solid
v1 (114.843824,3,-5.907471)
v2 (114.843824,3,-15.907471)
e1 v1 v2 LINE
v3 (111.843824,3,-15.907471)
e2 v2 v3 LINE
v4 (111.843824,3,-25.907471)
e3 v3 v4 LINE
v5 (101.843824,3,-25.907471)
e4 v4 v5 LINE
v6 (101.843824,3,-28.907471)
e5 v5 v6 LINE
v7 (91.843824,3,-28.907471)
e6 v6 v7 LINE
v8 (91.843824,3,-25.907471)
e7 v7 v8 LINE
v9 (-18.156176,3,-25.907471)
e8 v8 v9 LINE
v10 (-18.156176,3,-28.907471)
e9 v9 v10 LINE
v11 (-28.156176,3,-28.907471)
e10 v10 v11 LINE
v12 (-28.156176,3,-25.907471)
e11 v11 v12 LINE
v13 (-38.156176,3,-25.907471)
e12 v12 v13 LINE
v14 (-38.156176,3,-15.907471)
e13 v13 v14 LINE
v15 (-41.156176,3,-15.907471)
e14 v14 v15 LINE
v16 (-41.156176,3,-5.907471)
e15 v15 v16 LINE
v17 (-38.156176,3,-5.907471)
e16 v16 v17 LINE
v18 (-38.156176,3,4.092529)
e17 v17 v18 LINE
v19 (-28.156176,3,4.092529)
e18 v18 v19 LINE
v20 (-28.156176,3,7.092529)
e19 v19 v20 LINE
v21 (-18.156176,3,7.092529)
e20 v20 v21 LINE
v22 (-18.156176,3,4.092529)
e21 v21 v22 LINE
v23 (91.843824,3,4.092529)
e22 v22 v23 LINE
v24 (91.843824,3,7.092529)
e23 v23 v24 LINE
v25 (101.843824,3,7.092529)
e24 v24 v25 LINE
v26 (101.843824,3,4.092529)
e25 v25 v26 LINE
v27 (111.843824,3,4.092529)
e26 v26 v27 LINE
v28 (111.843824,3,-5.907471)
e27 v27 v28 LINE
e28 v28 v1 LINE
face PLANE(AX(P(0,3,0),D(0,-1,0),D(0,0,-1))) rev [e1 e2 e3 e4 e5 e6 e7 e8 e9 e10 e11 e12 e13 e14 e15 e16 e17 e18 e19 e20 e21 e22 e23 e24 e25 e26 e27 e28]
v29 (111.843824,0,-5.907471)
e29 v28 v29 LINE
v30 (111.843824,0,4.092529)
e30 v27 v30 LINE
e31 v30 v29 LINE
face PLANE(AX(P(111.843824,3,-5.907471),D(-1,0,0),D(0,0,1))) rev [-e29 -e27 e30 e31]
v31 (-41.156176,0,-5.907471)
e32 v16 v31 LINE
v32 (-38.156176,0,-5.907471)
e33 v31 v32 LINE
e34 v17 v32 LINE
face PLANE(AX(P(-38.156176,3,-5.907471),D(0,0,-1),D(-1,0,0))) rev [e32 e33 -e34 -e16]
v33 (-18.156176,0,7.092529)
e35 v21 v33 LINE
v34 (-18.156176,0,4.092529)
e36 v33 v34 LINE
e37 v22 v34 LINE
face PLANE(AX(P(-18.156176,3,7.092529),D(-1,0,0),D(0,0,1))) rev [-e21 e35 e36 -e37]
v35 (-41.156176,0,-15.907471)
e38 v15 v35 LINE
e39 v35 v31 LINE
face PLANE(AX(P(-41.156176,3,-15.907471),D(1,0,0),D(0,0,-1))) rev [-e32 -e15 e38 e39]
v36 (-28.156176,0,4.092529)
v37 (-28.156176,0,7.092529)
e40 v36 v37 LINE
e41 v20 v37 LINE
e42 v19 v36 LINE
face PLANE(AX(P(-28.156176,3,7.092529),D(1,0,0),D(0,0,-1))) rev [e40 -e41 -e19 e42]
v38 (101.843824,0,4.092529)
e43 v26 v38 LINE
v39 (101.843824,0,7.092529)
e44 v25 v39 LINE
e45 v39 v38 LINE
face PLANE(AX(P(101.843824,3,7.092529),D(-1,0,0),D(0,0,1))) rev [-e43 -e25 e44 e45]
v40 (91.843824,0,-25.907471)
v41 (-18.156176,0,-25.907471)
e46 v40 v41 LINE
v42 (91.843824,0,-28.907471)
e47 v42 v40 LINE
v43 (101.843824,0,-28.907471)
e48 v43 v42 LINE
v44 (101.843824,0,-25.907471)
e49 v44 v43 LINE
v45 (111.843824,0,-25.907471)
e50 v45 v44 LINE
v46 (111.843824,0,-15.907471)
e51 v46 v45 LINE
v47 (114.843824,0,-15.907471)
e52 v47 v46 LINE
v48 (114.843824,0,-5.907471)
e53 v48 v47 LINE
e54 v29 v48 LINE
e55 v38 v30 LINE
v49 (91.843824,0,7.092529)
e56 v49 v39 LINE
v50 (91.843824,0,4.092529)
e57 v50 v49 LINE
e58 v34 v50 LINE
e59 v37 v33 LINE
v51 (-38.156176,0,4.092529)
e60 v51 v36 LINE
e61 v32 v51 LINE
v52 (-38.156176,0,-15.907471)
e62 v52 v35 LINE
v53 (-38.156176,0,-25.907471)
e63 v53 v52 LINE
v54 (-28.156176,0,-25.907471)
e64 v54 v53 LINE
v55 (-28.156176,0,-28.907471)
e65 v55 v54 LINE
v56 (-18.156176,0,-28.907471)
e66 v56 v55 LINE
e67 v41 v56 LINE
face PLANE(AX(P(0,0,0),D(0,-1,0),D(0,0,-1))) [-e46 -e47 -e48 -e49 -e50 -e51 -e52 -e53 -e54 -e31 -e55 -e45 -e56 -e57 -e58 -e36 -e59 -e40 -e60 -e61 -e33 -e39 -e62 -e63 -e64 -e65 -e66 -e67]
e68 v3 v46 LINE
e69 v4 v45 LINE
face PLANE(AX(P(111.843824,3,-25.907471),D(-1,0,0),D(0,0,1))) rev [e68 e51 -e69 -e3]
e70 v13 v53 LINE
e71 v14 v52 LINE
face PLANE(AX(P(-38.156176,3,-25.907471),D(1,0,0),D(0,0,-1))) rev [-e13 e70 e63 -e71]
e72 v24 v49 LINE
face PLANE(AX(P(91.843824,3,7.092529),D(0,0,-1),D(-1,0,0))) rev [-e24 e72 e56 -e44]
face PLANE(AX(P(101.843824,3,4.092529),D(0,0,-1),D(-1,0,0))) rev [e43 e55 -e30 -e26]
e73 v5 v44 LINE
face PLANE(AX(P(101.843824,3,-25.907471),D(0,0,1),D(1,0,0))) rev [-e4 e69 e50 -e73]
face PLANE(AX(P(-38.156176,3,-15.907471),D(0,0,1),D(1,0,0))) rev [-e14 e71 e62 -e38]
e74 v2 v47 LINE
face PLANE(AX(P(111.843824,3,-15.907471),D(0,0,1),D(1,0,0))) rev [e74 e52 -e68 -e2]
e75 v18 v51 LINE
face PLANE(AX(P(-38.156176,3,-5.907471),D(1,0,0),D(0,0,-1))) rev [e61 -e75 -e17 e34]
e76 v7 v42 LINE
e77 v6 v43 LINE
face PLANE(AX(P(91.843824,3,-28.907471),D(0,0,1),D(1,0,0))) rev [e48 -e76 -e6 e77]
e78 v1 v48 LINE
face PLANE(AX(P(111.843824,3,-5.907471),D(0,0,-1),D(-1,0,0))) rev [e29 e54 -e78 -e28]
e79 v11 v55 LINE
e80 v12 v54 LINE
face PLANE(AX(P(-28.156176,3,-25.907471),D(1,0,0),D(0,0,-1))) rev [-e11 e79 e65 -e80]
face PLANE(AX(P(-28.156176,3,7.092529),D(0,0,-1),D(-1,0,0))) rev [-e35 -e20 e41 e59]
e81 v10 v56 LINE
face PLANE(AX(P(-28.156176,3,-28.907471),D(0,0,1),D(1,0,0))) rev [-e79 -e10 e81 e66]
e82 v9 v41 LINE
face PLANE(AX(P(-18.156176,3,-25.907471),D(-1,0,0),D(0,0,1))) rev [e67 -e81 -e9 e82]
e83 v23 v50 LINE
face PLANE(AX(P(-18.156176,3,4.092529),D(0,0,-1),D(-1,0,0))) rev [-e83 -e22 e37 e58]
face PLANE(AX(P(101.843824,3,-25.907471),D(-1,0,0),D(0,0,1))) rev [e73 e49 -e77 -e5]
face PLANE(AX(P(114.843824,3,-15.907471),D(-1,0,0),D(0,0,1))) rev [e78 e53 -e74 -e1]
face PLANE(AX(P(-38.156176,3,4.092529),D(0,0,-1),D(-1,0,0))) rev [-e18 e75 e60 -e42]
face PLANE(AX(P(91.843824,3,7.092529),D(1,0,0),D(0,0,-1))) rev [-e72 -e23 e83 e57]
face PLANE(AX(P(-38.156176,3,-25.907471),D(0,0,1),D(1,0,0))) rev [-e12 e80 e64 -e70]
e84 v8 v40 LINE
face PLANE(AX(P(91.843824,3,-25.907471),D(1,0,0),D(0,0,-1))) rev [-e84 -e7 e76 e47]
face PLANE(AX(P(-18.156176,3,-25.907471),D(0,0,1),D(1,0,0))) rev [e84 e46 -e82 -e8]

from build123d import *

# Parameters (mm, degrees)
BOSS_EXTRU_1_DEPTH = 3


with BuildPart() as part:
    # Esquisse1 → Boss.-Extru.1 (new body)
    with BuildSketch(Plane(origin=(0, 0, 0), x_dir=(1, 0, 0), z_dir=(0, 1, 0))):
        Polygon((91.843823667, 25.907471498), (91.843823667, 28.907471498), (101.843823667, 28.907471498), (101.843823667, 25.907471498), (111.843823667, 25.907471498), (111.843823667, 15.907471498), (114.843823667, 15.907471498), (114.843823667, 5.907471498), (111.843823667, 5.907471498), (111.843823667, -4.092528502), (101.843823667, -4.092528502), (101.843823667, -7.092528502), (91.843823667, -7.092528502), (91.843823667, -4.092528502), (-18.156176333, -4.092528502), (-18.156176333, -7.092528502), (-28.156176333, -7.092528502), (-28.156176333, -4.092528502), (-38.156176333, -4.092528502), (-38.156176333, 5.907471498), (-41.156176333, 5.907471498), (-41.156176333, 15.907471498), (-38.156176333, 15.907471498), (-38.156176333, 25.907471498), (-28.156176333, 25.907471498), (-28.156176333, 28.907471498), (-18.156176333, 28.907471498), (-18.156176333, 25.907471498), align=None)
    extrude(amount=BOSS_EXTRU_1_DEPTH)


solid = part.part
